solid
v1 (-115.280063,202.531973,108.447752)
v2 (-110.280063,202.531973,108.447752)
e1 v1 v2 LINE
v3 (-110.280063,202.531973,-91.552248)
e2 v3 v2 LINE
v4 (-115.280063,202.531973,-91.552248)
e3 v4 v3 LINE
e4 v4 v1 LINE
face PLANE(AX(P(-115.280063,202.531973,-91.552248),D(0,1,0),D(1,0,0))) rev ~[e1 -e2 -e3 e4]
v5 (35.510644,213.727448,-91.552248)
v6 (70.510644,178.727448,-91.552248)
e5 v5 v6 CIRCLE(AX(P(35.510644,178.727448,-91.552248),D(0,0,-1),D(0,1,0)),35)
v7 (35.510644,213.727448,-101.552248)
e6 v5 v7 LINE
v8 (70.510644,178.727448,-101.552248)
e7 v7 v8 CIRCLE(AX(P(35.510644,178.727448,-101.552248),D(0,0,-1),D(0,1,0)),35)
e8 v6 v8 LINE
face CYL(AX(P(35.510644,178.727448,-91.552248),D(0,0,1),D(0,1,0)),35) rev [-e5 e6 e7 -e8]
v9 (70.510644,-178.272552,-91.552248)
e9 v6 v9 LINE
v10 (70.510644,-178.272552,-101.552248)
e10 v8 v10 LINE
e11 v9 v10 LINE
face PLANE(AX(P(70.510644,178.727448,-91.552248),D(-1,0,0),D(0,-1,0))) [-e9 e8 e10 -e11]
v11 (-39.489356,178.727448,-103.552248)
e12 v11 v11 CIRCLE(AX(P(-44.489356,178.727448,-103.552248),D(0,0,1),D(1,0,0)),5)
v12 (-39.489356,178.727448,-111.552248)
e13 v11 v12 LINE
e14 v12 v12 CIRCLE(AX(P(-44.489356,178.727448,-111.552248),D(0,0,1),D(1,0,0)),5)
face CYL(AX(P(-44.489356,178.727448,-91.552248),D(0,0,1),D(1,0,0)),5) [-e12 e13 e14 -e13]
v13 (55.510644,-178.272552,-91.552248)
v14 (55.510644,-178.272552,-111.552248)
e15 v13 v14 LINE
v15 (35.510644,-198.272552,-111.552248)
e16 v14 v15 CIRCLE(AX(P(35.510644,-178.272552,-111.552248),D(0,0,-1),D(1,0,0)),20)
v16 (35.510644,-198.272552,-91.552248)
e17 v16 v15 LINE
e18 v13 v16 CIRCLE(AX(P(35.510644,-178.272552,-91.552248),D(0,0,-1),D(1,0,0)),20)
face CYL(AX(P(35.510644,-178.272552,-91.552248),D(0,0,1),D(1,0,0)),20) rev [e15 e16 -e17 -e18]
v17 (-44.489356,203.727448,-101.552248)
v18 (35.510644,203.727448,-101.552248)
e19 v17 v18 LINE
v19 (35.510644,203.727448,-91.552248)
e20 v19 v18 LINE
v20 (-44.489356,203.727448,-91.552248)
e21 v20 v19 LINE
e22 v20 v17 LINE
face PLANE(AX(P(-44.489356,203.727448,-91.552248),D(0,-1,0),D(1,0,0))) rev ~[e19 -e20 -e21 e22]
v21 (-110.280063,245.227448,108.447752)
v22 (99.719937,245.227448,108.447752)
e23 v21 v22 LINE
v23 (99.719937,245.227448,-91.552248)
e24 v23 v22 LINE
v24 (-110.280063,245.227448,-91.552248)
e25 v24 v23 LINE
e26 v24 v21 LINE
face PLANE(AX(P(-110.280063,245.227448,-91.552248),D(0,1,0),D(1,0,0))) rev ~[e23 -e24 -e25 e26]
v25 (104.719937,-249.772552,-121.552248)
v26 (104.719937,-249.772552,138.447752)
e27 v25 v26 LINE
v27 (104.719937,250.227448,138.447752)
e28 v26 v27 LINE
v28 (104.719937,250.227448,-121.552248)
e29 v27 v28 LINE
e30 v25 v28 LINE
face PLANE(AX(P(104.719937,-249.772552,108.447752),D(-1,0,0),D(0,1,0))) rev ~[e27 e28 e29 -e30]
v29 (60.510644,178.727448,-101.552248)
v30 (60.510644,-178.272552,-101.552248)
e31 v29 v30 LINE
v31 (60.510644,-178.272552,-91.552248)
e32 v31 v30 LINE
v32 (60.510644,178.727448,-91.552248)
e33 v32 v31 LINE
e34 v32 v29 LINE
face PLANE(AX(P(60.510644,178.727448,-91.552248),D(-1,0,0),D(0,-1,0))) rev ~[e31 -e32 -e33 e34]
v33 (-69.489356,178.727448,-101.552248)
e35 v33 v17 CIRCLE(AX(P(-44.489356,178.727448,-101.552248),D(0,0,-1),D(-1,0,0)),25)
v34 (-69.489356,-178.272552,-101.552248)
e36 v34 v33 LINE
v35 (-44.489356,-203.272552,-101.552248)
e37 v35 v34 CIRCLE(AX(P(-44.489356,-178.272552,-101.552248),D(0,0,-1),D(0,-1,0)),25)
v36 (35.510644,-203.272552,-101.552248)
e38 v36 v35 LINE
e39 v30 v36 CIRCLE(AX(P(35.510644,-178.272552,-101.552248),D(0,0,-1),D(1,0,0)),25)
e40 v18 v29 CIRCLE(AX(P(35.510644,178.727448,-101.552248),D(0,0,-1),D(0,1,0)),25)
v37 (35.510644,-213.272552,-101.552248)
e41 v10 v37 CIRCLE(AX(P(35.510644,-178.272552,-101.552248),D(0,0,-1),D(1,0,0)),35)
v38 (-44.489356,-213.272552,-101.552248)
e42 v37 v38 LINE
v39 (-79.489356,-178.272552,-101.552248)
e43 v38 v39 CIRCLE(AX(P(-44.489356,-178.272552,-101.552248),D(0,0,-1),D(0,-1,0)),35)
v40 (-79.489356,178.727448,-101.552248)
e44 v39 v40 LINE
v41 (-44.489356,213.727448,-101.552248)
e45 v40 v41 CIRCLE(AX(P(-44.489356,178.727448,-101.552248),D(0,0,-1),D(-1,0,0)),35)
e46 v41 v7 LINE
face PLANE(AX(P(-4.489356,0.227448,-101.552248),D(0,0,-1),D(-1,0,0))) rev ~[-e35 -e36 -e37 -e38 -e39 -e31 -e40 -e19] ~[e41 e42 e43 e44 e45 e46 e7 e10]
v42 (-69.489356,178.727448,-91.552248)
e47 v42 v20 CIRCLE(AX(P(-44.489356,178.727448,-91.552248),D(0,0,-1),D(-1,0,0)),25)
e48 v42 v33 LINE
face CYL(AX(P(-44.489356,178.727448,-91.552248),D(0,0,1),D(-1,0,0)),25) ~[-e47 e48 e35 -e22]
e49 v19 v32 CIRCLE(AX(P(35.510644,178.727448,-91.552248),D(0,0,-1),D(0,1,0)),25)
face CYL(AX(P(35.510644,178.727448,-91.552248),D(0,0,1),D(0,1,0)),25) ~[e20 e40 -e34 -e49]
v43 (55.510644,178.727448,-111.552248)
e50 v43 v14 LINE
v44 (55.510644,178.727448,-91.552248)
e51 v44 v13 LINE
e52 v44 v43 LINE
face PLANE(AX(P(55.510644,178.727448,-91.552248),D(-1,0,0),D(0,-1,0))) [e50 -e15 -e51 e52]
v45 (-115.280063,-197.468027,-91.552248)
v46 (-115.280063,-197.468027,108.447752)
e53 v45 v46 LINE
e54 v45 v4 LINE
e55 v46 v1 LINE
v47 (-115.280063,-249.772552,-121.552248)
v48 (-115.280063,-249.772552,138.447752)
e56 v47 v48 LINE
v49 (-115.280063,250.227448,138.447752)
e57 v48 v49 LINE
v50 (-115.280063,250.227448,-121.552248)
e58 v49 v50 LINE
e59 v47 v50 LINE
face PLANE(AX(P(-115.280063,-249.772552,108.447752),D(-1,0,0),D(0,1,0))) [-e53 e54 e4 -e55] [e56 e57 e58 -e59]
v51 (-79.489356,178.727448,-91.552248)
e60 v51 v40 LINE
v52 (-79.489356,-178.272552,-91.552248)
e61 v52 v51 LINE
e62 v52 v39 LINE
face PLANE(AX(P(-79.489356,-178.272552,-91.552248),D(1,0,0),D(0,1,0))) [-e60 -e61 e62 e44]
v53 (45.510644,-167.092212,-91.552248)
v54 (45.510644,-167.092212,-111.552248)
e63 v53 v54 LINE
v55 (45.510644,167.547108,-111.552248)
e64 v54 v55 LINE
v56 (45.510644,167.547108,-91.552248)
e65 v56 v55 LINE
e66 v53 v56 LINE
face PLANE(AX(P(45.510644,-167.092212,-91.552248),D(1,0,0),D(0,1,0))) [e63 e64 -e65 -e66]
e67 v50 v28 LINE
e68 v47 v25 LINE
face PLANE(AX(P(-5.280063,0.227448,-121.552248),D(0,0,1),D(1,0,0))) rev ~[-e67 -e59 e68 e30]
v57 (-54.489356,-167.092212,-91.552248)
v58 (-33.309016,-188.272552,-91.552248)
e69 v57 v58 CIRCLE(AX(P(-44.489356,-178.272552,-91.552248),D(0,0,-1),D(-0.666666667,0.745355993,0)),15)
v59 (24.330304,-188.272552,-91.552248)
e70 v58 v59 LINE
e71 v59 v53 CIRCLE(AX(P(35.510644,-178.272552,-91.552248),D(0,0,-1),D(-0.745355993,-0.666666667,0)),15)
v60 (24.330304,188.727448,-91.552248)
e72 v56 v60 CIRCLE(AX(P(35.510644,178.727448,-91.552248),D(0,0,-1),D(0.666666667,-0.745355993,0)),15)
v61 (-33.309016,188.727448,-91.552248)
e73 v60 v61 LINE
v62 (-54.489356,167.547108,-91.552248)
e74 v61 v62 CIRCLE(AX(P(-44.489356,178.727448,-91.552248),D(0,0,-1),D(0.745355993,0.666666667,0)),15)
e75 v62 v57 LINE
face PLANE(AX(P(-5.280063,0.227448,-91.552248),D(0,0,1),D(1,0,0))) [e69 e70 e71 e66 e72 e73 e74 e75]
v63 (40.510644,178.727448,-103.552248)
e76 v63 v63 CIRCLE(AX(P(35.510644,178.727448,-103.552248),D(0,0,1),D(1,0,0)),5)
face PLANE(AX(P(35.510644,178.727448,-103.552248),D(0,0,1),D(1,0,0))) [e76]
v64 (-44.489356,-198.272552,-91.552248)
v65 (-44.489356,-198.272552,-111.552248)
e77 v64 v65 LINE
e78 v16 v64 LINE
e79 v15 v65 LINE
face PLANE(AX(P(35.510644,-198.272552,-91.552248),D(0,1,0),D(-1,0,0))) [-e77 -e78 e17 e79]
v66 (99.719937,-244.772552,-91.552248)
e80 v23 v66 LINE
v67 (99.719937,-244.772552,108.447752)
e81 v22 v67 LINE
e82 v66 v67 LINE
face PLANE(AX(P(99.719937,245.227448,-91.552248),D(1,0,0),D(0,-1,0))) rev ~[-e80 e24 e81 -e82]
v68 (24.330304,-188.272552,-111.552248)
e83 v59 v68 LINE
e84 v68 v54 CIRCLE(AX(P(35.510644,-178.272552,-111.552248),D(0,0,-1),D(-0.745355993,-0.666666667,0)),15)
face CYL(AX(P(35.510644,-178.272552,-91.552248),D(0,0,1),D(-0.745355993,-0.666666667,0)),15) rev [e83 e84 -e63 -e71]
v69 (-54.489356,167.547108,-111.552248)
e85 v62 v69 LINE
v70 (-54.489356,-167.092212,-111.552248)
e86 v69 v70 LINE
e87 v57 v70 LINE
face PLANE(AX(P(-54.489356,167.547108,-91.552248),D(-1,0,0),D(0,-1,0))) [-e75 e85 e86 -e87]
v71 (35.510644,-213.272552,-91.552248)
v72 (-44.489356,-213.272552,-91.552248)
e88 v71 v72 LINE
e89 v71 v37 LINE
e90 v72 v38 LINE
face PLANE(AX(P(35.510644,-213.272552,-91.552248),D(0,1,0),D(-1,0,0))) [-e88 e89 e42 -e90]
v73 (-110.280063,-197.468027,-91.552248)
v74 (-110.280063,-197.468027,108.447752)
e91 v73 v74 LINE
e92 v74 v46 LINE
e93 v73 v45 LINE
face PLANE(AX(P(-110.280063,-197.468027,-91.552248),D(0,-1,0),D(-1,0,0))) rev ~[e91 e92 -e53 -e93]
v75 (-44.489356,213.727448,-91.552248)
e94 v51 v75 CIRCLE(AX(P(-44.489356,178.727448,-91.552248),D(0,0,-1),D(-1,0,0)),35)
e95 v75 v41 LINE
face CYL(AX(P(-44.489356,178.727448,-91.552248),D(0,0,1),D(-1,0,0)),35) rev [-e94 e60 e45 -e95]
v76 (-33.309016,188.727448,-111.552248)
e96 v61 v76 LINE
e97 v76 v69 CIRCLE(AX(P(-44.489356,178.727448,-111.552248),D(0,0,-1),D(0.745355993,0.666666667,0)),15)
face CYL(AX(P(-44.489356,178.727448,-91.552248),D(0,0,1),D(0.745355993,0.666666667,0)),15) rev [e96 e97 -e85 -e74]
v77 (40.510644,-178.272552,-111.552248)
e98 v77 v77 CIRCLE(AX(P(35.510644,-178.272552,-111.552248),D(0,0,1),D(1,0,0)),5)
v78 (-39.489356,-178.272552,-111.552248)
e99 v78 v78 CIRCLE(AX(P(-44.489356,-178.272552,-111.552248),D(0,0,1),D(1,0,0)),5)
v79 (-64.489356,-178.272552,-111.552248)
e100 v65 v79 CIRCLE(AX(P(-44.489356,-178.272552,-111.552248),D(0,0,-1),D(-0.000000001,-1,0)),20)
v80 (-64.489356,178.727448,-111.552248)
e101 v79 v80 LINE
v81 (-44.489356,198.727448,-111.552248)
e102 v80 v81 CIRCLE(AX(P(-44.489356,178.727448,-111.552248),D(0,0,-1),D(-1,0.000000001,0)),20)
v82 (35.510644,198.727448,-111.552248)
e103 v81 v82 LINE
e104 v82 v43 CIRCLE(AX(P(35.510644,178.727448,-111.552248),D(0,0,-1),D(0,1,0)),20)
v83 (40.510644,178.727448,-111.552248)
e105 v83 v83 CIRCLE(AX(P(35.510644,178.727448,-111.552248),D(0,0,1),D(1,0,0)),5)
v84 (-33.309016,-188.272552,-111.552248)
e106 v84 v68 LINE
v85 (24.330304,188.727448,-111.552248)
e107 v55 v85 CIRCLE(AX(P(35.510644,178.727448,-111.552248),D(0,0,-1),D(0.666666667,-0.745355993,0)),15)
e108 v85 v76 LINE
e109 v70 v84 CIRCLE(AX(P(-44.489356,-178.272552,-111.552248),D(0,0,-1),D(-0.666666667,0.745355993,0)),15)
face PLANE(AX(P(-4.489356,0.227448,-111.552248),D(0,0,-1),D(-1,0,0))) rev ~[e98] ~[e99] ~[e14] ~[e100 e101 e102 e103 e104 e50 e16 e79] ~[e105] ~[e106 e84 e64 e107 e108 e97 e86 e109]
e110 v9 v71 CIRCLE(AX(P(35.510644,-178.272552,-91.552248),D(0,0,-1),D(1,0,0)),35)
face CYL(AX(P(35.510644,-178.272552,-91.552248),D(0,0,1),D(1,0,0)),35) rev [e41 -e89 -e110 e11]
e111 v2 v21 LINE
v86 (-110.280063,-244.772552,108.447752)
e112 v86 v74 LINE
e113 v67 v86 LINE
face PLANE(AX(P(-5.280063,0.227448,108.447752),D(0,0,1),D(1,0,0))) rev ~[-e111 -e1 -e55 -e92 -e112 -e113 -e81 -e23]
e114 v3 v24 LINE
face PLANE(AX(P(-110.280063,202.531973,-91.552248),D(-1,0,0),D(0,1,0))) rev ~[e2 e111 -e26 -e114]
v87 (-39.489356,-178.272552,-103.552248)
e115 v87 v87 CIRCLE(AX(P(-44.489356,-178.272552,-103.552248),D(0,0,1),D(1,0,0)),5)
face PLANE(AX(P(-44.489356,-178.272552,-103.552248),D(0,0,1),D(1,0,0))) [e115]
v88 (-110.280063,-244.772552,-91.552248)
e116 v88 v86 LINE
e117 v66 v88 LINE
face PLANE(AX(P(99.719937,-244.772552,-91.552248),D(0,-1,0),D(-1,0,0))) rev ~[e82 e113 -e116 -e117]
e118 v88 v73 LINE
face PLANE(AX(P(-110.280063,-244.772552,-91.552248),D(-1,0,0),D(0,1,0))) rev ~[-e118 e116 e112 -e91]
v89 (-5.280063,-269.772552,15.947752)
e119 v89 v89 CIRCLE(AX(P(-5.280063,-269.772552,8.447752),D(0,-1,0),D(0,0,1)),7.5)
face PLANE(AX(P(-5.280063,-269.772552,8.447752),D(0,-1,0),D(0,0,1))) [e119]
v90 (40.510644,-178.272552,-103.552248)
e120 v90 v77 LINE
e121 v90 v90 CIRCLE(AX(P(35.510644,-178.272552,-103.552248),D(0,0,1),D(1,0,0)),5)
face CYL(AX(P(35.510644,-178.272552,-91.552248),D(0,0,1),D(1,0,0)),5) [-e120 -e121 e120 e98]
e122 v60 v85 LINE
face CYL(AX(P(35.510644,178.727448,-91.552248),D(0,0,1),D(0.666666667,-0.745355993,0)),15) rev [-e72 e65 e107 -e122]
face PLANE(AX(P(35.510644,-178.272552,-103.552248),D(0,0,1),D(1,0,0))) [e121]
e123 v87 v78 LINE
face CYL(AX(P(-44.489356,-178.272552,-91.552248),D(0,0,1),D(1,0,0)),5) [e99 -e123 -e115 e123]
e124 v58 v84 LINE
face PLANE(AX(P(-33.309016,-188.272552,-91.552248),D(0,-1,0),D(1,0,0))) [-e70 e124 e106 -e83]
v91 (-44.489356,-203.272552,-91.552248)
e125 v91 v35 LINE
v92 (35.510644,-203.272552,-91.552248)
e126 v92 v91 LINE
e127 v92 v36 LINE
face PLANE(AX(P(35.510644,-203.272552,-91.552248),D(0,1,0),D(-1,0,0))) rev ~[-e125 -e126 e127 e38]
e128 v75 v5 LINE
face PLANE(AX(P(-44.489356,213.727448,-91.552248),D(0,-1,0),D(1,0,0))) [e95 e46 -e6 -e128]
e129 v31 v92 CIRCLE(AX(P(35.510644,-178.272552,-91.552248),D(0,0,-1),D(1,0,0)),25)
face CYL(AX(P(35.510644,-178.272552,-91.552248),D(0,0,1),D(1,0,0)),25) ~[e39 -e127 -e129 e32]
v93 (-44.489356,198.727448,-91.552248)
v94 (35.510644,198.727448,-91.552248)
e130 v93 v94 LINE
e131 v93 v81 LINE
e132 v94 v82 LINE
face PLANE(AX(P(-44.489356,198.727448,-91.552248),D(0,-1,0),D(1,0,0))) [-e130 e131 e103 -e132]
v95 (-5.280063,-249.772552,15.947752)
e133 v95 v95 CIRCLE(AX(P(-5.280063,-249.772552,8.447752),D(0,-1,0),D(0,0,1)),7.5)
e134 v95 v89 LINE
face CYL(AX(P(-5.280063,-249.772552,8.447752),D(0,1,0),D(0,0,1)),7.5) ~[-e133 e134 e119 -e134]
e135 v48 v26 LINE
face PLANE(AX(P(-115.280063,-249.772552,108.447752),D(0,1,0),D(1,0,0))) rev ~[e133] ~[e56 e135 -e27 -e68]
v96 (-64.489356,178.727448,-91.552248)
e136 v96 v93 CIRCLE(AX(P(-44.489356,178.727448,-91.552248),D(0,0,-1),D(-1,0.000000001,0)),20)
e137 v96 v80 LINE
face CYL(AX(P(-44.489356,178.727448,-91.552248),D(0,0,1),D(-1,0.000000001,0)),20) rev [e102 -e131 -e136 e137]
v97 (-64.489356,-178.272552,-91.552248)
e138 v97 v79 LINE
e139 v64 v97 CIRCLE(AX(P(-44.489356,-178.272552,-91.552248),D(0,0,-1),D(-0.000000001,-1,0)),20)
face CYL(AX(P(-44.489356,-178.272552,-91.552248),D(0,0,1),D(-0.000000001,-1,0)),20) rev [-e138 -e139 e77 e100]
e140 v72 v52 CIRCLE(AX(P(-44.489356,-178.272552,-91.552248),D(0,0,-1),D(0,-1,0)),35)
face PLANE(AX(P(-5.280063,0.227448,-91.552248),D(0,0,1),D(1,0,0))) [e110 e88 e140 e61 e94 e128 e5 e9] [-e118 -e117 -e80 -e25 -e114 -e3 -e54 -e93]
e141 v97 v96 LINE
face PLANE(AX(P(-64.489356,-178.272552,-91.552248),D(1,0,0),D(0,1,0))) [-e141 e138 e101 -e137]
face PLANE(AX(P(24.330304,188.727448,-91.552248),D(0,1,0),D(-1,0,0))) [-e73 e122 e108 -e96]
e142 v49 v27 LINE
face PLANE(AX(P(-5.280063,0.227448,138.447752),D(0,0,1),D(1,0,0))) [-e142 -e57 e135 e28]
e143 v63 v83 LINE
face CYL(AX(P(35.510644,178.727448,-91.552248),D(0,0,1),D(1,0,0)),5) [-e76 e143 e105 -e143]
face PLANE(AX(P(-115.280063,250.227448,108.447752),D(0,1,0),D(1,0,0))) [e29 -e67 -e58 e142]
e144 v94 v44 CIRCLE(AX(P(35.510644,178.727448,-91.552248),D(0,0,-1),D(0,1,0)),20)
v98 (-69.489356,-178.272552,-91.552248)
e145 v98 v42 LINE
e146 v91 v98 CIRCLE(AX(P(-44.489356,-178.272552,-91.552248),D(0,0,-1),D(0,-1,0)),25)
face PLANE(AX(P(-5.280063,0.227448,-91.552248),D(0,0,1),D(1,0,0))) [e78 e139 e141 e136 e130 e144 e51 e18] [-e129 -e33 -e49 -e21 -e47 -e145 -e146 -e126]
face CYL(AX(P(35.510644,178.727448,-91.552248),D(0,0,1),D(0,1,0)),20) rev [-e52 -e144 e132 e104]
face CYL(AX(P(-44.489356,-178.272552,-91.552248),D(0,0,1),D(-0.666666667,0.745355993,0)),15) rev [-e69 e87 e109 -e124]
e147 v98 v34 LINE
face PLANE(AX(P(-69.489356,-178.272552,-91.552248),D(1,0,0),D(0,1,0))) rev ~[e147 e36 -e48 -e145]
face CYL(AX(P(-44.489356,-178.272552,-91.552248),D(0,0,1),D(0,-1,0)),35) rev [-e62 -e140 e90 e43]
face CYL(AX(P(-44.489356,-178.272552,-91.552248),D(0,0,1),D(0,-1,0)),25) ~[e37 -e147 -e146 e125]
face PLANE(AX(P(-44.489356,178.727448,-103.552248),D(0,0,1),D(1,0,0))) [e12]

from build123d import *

# Parameters (mm, degrees)
SKETCH_2_W          = 22
SKETCH_2_H          = 50
EXTRUDE_1_DEPTH     = 3
EXTRUDE_2_DEPTH     = 20
CUT_EXTRUDE_1_DEPTH = 1
SKETCH_4_3_R        = 0.5
CUT_EXTRUDE_2_DEPTH = 2
SKETCH_5_W          = 22
SKETCH_5_H          = 50
EXTRUDE_3_DEPTH     = 3
SKETCH_8_R          = 0.5
CUT_EXTRUDE_3_DEPTH = 1.2
SKETCH_9_R          = 0.75
EXTRUDE_4_DEPTH     = 2
SCALE_1_SCALE       = 10


with BuildPart() as part:
    # 草图2 → 凸台-拉伸1 (new body)
    with BuildSketch(Plane.XY):
        Rectangle(SKETCH_2_W, SKETCH_2_H)
    extrude(amount=EXTRUDE_1_DEPTH)

    # 草图3 → 凸台-拉伸2 (add)
    with BuildSketch(Plane.XY.offset(3)):
        Polygon((-11, 20.230452477), (-10.5, 20.230452477), (-10.5, 24.5), (10.5, 24.5), (10.5, -24.5), (-10.5, -24.5), (-10.5, -19.769547523), (-11, -19.769547523), (-11, -25), (11, -25), (11, 25), (-11, 25), align=None)
    extrude(amount=EXTRUDE_2_DEPTH)

    # 草图4 → 切除-拉伸1 (cut)
    with BuildSketch(Plane.XY.offset(3)):
        with BuildLine():
            Line((7.579070714, -17.85), (7.579070714, 17.85))
            ThreePointArc((7.579070714, 17.85), (6.553944448, 20.324873734), (4.079070714, 21.35))
            Line((4.079070714, 21.35), (-3.920929286, 21.35))
            ThreePointArc((-3.920929286, 21.35), (-6.39580302, 20.324873734), (-7.420929286, 17.85))
            Line((-7.420929286, 17.85), (-7.420929286, -17.85))
            ThreePointArc((-7.420929286, -17.85), (-6.39580302, -20.324873734), (-3.920929286, -21.35))
            Line((-3.920929286, -21.35), (4.079070714, -21.35))
            ThreePointArc((4.079070714, -21.35), (6.553944448, -20.324873734), (7.579070714, -17.85))
        make_face()
        with BuildLine():
            Line((6.579070714, 17.85), (6.579070714, -17.85))
            ThreePointArc((6.579070714, -17.85), (5.846837667, -19.617766953), (4.079070714, -20.35))
            Line((4.079070714, -20.35), (-3.920929286, -20.35))
            ThreePointArc((-3.920929286, -20.35), (-5.688696239, -19.617766953), (-6.420929286, -17.85))
            Line((-6.420929286, -17.85), (-6.420929286, 17.85))
            ThreePointArc((-6.420929286, 17.85), (-5.688696239, 19.617766953), (-3.920929286, 20.35))
            Line((-3.920929286, 20.35), (4.079070714, 20.35))
            ThreePointArc((4.079070714, 20.35), (5.846837667, 19.617766953), (6.579070714, 17.85))
        make_face(mode=Mode.SUBTRACT)
    extrude(amount=-CUT_EXTRUDE_1_DEPTH, mode=Mode.SUBTRACT)

    # 草图4<3> → 切除-拉伸2 (cut)
    with BuildSketch(Plane.XY.offset(3)):
        with BuildLine():
            Line((6.079070714, -17.85), (6.079070714, 17.85))
            ThreePointArc((6.079070714, 17.85), (5.493284277, 19.264213562), (4.079070714, 19.85))
            Line((4.079070714, 19.85), (-3.920929286, 19.85))
            ThreePointArc((-3.920929286, 19.85), (-5.335142848, 19.264213562), (-5.920929286, 17.85))
            Line((-5.920929286, 17.85), (-5.920929286, -17.85))
            ThreePointArc((-5.920929286, -17.85), (-5.335142848, -19.264213562), (-3.920929286, -19.85))
            Line((-3.920929286, -19.85), (4.079070714, -19.85))
            ThreePointArc((4.079070714, -19.85), (5.493284277, -19.264213562), (6.079070714, -17.85))
        make_face()
        with Locations((-3.920929286, -17.85)):
            Circle(SKETCH_4_3_R, mode=Mode.SUBTRACT)
        with Locations((4.079070714, -17.85)):
            Circle(SKETCH_4_3_R, mode=Mode.SUBTRACT)
        with BuildLine():
            Line((5.079070714, 16.731966011), (5.079070714, -16.731966011))
            ThreePointArc((5.079070714, -16.731966011), (3.018410542, -16.789339828), (2.961036725, -18.85))
            Line((2.961036725, -18.85), (-2.802895297, -18.85))
            ThreePointArc((-2.802895297, -18.85), (-2.860269114, -16.789339828), (-4.920929286, -16.731966011))
            Line((-4.920929286, -16.731966011), (-4.920929286, 16.731966011))
            ThreePointArc((-4.920929286, 16.731966011), (-2.860269114, 16.789339828), (-2.802895297, 18.85))
            Line((-2.802895297, 18.85), (2.961036725, 18.85))
            ThreePointArc((2.961036725, 18.85), (3.018410542, 16.789339828), (5.079070714, 16.731966011))
        make_face(mode=Mode.SUBTRACT)
        with Locations((-3.920929286, 17.85)):
            Circle(SKETCH_4_3_R, mode=Mode.SUBTRACT)
        with Locations((4.079070714, 17.85)):
            Circle(SKETCH_4_3_R, mode=Mode.SUBTRACT)
    extrude(amount=-CUT_EXTRUDE_2_DEPTH, mode=Mode.SUBTRACT)

    # 草图5 → 凸台-拉伸3 (add)
    with BuildSketch(Plane.XY.offset(23)):
        Rectangle(SKETCH_5_W, SKETCH_5_H)
    extrude(amount=EXTRUDE_3_DEPTH)

    # 草图8 → 切除-拉伸3 (cut)
    with BuildSketch(Plane.XY.offset(3)):
        with Locations((4.079070714, -17.85)):
            Circle(SKETCH_8_R)
        with Locations((4.079070714, 17.85)):
            Circle(SKETCH_8_R)
        with Locations((-3.920929286, 17.85)):
            Circle(SKETCH_8_R)
        with Locations((-3.920929286, -17.85)):
            Circle(SKETCH_8_R)
    extrude(amount=-CUT_EXTRUDE_3_DEPTH, mode=Mode.SUBTRACT)

    # 草图9 → 凸台-拉伸4 (add)
    with BuildSketch(Plane.XZ.offset(25)):
        with Locations((0, 13)):
            Circle(SKETCH_9_R)
    extrude(amount=EXTRUDE_4_DEPTH)


with BuildPart() as part_1:
    # 缩放比例1: scaled about (0.58667368, -0.025272028, 13.505805339)
    add(part.part.scale(SCALE_1_SCALE).moved(Location((-5.28006312, 0.227448252, -121.552248051))))


solid = part_1.part
